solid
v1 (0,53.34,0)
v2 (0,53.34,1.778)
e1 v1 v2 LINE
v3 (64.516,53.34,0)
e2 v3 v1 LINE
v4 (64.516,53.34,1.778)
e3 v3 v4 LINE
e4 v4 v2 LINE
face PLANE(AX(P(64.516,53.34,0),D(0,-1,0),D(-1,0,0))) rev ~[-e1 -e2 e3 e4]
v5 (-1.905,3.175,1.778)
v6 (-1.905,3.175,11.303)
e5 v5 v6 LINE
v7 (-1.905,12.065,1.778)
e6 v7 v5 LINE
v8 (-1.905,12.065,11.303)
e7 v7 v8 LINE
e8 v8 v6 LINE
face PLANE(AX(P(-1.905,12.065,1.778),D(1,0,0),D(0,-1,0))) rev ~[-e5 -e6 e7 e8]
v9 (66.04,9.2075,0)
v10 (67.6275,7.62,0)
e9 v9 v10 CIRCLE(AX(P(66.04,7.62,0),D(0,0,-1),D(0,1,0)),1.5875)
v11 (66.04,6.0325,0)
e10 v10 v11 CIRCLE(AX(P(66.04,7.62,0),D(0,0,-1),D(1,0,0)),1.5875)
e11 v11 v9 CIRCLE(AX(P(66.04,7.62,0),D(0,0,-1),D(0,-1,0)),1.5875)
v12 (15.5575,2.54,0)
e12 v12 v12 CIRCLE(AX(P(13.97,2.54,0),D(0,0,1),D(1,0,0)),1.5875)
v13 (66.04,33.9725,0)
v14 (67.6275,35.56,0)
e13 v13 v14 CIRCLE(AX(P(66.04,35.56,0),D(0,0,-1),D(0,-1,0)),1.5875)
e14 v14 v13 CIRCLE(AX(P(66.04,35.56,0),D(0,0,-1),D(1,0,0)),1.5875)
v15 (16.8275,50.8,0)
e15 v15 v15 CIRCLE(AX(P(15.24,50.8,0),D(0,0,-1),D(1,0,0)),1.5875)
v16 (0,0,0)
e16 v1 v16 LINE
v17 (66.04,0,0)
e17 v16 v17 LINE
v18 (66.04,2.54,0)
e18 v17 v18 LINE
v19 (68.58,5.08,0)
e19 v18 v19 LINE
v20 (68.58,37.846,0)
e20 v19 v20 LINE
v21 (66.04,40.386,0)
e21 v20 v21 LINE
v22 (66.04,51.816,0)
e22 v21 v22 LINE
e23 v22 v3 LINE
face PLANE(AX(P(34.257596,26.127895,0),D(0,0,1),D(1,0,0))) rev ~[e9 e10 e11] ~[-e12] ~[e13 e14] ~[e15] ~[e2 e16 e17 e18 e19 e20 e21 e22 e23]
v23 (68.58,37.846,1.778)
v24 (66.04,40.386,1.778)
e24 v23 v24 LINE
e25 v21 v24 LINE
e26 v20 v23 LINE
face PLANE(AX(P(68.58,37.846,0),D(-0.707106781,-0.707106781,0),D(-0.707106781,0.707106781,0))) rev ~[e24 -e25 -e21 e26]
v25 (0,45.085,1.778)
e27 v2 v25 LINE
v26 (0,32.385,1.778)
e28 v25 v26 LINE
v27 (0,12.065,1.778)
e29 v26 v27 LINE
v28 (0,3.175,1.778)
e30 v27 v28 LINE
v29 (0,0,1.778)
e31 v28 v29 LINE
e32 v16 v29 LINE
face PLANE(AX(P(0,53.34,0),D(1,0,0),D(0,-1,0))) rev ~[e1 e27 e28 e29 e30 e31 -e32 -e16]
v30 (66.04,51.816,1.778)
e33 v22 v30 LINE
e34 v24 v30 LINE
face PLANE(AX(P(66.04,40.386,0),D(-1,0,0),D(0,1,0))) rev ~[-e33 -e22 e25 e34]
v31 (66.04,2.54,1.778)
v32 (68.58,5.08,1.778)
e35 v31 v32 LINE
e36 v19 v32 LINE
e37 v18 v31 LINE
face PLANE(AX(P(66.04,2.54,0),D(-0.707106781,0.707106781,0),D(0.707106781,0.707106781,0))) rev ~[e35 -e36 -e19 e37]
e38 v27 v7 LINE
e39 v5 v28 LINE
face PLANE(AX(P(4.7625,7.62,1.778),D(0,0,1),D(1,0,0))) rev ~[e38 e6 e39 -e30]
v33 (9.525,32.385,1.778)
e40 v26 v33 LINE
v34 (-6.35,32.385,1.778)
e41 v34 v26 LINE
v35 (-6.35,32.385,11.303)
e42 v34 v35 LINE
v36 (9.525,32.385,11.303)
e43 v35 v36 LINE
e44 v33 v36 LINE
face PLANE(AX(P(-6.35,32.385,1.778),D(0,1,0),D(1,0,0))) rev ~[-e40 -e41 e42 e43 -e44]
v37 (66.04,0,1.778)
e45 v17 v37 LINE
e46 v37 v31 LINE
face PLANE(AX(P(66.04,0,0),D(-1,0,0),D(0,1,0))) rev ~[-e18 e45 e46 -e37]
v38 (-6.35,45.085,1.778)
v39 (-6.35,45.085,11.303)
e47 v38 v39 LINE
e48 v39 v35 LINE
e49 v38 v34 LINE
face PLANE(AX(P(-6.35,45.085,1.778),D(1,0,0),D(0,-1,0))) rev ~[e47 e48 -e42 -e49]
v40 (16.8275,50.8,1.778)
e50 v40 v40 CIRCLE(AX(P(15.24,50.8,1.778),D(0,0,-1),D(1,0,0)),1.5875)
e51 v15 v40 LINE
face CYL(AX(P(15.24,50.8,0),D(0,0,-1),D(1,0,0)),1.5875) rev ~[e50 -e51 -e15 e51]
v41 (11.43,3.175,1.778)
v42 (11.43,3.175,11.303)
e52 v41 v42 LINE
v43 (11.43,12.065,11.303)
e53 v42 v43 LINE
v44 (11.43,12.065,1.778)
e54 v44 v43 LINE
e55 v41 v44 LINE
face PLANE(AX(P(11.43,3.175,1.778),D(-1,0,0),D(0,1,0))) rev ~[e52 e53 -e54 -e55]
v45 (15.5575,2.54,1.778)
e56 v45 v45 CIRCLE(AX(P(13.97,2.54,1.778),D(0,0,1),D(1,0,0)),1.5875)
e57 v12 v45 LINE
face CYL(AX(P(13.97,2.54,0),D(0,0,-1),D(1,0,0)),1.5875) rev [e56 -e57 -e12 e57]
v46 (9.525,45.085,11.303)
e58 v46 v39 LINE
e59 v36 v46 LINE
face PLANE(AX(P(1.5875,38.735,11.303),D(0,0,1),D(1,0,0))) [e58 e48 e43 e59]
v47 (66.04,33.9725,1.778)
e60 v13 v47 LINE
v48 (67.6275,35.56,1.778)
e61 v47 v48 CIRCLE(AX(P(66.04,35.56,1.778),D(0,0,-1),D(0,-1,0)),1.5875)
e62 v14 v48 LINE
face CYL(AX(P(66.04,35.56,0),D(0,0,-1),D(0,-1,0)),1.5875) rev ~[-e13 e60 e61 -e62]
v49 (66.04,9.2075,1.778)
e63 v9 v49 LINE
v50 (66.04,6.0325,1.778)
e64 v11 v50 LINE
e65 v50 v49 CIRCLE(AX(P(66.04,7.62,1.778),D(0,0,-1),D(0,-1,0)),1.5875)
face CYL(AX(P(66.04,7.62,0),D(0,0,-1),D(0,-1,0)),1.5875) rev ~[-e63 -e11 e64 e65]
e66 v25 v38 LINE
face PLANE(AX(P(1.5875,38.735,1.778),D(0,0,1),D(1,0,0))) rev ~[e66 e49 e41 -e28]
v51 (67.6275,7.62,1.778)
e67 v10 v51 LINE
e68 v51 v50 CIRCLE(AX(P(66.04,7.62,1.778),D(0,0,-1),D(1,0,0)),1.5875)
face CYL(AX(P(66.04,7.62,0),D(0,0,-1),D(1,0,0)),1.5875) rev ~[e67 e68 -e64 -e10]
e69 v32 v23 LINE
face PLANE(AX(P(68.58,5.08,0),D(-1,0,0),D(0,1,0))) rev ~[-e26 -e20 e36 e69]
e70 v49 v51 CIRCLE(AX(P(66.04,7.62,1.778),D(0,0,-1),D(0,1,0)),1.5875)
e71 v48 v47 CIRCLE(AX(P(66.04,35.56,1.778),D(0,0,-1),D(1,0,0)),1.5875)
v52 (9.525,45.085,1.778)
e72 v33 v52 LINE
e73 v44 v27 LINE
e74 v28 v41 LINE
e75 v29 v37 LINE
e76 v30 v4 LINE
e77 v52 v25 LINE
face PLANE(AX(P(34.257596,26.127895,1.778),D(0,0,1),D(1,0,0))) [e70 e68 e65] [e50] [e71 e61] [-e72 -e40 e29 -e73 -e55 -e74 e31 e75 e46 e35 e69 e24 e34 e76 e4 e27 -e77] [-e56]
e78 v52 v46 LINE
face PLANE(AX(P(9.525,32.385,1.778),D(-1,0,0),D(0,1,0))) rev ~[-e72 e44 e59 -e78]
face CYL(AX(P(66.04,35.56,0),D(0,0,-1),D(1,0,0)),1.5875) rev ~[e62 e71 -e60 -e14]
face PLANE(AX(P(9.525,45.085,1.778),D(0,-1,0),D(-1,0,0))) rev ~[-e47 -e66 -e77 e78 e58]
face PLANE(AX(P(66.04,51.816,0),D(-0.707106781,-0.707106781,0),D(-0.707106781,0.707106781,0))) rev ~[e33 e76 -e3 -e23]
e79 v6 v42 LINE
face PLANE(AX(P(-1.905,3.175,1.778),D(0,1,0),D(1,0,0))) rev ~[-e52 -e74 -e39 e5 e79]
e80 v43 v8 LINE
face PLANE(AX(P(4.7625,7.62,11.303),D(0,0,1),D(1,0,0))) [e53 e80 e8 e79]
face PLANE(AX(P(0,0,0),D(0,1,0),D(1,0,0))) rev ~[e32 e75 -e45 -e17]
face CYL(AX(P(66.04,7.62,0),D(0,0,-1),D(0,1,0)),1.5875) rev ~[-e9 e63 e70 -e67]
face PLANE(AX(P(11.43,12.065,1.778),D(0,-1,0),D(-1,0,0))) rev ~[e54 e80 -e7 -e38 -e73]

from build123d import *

# Parameters (mm, degrees)
F0_R     = 1.5875
F1_DEPTH = 1.778
F3_DEPTH = 9.525


with BuildPart() as f1:
    # F0 (on Top) → F1 (new body)
    with BuildSketch(Plane.XY):
        with BuildLine():
            Line((0, 53.34), (0, 0))
            Line((0, 0), (66.04, 0))
            Line((66.04, 0), (66.04, 2.54))
            Line((66.04, 2.54), (66.04, 6.0325))
            ThreePointArc((66.04, 6.0325), (64.4525, 7.62), (66.04, 9.2075))
            ThreePointArc((66.04, 9.2075), (67.1625320151, 8.7425320151), (67.6275, 7.62))
            Line((67.6275, 7.62), (68.58, 7.62))
            Line((68.58, 7.62), (68.58, 37.846))
            Line((68.58, 37.846), (66.04, 40.386))
            Line((66.04, 40.386), (66.04, 51.816))
            Line((66.04, 51.816), (64.516, 53.34))
            Line((64.516, 53.34), (0, 53.34))
        make_face()
        with Locations((13.97, 2.54)):
            Circle(F0_R, mode=Mode.SUBTRACT)
        with BuildLine():
            ThreePointArc((13.6525, 50.8), (15.24, 52.3875), (16.8275, 50.8))
            ThreePointArc((16.8275, 50.8), (15.24, 49.2125), (13.6525, 50.8))
        make_face(mode=Mode.SUBTRACT)
        with BuildLine():
            ThreePointArc((67.6275, 35.56), (67.1625320151, 34.4374679849), (66.04, 33.9725))
            ThreePointArc((66.04, 33.9725), (64.9174679849, 36.6825320151), (67.6275, 35.56))
        make_face(mode=Mode.SUBTRACT)
        with BuildLine():
            Line((66.04, 6.0325), (66.04, 2.54))
            Line((66.04, 2.54), (68.58, 5.08))
            Line((68.58, 5.08), (68.58, 7.62))
            Line((68.58, 7.62), (67.6275, 7.62))
            ThreePointArc((67.6275, 7.62), (67.1625320151, 6.4974679849), (66.04, 6.0325))
        make_face()
    extrude(amount=F1_DEPTH)

    # F2 (on face) → F3 (join)
    with BuildSketch(Plane.XY.offset(1.778)):
        Polygon((0, 32.385), (9.525, 32.385), (9.525, 45.085), (-6.35, 45.085), (-6.35, 32.385), align=None)
        Polygon((0, 3.175), (11.43, 3.175), (11.43, 12.065), (-1.905, 12.065), (-1.905, 3.175), align=None)
    extrude(amount=F3_DEPTH)


solid = f1.part
